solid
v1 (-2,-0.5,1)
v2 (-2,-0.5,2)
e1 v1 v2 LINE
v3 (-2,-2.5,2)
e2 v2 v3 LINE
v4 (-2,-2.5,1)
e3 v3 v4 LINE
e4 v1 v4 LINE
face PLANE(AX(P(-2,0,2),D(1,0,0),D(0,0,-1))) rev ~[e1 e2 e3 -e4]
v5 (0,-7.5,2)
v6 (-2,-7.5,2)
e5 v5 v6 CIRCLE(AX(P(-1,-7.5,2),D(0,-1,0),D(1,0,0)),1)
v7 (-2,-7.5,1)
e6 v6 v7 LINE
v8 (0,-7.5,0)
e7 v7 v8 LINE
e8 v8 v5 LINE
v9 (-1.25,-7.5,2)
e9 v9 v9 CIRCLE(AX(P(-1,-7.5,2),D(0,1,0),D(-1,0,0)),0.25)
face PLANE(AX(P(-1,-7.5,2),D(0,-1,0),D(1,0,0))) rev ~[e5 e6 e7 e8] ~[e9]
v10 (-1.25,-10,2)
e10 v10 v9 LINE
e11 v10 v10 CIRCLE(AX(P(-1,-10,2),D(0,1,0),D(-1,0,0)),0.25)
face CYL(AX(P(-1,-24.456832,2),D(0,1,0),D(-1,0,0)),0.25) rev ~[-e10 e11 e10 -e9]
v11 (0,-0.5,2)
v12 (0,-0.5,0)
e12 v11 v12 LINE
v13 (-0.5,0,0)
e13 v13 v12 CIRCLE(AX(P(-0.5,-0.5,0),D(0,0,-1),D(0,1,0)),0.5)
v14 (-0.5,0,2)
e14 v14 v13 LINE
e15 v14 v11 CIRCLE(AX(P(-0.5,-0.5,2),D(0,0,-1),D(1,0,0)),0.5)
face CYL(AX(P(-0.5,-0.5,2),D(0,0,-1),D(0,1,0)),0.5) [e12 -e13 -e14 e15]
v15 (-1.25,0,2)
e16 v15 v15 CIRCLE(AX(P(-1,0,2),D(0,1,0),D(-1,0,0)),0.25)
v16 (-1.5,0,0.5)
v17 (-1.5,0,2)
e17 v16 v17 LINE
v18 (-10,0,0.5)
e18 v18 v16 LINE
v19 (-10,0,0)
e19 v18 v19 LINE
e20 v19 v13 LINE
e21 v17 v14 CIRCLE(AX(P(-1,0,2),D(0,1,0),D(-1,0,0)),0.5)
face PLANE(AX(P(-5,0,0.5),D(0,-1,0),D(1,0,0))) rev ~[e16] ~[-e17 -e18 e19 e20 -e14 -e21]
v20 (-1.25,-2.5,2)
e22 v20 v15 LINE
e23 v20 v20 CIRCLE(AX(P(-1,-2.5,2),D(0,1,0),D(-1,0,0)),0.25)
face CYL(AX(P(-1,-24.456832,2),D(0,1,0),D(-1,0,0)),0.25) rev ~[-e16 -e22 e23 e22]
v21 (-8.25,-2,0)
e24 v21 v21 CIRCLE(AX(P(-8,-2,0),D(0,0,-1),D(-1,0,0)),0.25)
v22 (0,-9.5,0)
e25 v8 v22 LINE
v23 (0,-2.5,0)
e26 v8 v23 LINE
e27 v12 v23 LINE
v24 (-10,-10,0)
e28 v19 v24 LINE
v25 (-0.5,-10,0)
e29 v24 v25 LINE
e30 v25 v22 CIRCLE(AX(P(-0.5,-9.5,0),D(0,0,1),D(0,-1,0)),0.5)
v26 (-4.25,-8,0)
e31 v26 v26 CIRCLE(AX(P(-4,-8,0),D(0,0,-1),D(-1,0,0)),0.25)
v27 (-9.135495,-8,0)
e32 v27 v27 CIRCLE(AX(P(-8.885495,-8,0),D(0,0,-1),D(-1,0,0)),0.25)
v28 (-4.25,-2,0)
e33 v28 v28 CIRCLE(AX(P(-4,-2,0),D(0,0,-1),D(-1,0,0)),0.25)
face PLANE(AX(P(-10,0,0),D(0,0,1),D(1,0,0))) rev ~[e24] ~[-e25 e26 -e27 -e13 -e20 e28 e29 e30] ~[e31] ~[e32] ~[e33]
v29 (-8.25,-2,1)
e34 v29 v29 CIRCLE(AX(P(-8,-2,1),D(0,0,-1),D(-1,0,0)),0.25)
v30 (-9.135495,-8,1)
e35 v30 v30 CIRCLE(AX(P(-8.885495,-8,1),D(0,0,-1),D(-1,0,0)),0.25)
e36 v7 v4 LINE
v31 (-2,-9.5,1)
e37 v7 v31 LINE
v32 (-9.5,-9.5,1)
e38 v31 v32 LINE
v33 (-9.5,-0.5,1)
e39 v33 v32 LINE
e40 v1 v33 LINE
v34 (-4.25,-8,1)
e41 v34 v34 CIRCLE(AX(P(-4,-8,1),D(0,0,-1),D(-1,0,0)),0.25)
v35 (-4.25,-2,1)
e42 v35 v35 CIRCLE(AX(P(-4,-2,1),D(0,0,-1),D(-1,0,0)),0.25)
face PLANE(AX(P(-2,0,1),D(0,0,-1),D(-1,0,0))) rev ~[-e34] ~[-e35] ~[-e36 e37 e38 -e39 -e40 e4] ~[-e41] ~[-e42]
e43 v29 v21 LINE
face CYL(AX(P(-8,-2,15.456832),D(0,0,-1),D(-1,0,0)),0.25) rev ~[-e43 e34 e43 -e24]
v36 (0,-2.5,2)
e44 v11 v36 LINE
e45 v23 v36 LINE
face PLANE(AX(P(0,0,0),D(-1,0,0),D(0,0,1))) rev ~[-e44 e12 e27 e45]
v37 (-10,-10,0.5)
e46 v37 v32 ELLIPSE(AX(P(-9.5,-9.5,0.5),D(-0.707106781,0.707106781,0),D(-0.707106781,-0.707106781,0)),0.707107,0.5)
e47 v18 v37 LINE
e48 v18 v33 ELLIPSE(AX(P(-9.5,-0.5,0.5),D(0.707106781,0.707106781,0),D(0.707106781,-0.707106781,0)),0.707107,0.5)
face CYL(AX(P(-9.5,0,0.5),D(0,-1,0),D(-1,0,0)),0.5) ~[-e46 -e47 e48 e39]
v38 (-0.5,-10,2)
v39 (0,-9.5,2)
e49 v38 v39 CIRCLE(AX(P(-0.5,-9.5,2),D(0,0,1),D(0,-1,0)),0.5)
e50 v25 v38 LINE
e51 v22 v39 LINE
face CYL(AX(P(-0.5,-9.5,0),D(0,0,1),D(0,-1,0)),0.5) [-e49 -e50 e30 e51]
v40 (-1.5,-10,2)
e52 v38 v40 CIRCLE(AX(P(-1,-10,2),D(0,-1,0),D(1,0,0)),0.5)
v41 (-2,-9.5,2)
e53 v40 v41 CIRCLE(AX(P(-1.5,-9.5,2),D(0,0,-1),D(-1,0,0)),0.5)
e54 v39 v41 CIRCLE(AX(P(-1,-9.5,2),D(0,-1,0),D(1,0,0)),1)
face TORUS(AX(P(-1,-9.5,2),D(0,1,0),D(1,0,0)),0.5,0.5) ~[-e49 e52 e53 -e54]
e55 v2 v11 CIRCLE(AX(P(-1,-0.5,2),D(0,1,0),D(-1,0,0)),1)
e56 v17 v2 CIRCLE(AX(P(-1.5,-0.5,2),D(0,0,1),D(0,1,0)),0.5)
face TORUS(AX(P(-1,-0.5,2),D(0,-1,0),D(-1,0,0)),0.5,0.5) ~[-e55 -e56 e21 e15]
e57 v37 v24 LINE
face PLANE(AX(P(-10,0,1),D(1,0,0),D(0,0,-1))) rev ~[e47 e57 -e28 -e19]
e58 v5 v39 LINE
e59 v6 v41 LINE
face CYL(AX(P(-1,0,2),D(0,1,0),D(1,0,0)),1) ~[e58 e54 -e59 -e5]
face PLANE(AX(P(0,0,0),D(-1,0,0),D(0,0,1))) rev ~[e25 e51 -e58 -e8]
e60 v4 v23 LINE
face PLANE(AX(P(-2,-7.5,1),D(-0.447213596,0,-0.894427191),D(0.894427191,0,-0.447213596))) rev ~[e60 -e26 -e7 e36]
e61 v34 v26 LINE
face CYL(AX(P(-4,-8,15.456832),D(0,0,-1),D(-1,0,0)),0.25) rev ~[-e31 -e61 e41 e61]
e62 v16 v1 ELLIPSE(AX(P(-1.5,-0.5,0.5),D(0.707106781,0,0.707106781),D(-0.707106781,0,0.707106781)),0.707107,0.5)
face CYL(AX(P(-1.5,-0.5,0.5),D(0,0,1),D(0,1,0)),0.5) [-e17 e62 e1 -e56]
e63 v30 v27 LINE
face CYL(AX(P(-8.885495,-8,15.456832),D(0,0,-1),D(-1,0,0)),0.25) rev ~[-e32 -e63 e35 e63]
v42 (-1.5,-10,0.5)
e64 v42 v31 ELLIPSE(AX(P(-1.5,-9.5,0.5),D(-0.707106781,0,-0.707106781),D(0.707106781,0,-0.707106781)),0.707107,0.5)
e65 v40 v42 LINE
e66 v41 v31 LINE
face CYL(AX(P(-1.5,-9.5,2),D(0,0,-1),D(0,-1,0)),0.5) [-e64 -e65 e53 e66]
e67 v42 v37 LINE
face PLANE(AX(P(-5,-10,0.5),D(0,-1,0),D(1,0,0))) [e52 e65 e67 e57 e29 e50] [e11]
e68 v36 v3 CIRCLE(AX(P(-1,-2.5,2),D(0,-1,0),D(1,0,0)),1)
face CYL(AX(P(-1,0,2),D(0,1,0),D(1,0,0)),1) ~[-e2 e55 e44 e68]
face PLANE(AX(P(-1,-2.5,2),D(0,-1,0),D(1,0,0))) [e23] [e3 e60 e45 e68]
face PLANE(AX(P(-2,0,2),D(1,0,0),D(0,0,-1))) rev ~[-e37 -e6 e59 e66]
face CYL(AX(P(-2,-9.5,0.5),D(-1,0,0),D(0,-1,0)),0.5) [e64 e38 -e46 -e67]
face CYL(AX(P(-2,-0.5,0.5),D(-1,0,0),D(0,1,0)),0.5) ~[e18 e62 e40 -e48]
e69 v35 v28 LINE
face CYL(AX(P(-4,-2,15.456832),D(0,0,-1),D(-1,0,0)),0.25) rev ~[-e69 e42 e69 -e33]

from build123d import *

# Parameters (mm, degrees)
F1_DEPTH = 10
F3_D     = 0.5
F5_D     = 0.5
F8_DEPTH = 5
F9_R     = 0.5
F10_R    = 0.5
F11_R    = 0.5


with BuildPart() as f1:
    # F0 (on Front) → F1 (new body)
    with BuildSketch(Plane.XZ):
        Polygon((-10, 0), (0, 0), (0, 1), (-1, 1), (-2, 1), (-10, 1), align=None)
        with BuildLine():
            Line((-1, 1), (0, 1))
            Line((0, 1), (0, 2))
            ThreePointArc((0, 2), (-0.2928932188, 1.2928932188), (-1, 1))
        make_face()
        with BuildLine():
            Line((-2, 1), (-1, 1))
            ThreePointArc((-1, 1), (-1.7071067812, 1.2928932188), (-2, 2))
            Line((-2, 2), (-2, 1))
        make_face()
        with BuildLine():
            ThreePointArc((-2, 2), (-1.7071067812, 1.2928932188), (-1, 1))
            ThreePointArc((-1, 1), (-0.2928932188, 1.2928932188), (0, 2))
            ThreePointArc((0, 2), (-1, 3), (-2, 2))
        make_face()
    extrude(amount=F1_DEPTH)

    # F3 (through all)
    with Locations(Plane.XY.offset(1)):
        with Locations((-8, -2), (-8.8854947245, -8), (-4, -8), (-4, -2)):
            Hole(F3_D / 2)

    # F5 (through all)
    with Locations(Plane.XZ.offset(10)):
        with Locations((-1, 2)):
            Hole(F5_D / 2)

    # F7 (on offset) → F8 (cut)
    with BuildSketch(Plane.XZ.offset(7.5)):
        with BuildLine():
            ThreePointArc((-2, 2), (-1, 1), (0, 2))
            ThreePointArc((0, 2), (-1, 3), (-2, 2))
        make_face()
        with BuildLine():
            Line((0, 0), (0, 2))
            ThreePointArc((0, 2), (-1, 1), (-2, 2))
            Line((-2, 2), (-2, 1))
            Line((-2, 1), (0, 0))
        make_face()
    extrude(amount=-F8_DEPTH, mode=Mode.SUBTRACT)

    # F9
    f9_edges = [f1.edges().sort_by_distance(p)[0] for p in [
        (-10, -5, 1),
        (-6, -10, 1),
        (-6, 0, 1),
    ]]
    fillet(f9_edges, radius=F9_R)

    # F10
    f10_edges = [f1.edges().sort_by_distance(p)[0] for p in [
        (0, -10, 1),
        (-1, -10, 3),
        (-2, -10, 1.5),
    ]]
    fillet(f10_edges, radius=F10_R)

    # F11
    f11_edges = [f1.edges().sort_by_distance(p)[0] for p in [
        (-2, 0, 1.5),
        (0, 0, 1),
        (-1, 0, 3),
    ]]
    fillet(f11_edges, radius=F11_R)


solid = f1.part
